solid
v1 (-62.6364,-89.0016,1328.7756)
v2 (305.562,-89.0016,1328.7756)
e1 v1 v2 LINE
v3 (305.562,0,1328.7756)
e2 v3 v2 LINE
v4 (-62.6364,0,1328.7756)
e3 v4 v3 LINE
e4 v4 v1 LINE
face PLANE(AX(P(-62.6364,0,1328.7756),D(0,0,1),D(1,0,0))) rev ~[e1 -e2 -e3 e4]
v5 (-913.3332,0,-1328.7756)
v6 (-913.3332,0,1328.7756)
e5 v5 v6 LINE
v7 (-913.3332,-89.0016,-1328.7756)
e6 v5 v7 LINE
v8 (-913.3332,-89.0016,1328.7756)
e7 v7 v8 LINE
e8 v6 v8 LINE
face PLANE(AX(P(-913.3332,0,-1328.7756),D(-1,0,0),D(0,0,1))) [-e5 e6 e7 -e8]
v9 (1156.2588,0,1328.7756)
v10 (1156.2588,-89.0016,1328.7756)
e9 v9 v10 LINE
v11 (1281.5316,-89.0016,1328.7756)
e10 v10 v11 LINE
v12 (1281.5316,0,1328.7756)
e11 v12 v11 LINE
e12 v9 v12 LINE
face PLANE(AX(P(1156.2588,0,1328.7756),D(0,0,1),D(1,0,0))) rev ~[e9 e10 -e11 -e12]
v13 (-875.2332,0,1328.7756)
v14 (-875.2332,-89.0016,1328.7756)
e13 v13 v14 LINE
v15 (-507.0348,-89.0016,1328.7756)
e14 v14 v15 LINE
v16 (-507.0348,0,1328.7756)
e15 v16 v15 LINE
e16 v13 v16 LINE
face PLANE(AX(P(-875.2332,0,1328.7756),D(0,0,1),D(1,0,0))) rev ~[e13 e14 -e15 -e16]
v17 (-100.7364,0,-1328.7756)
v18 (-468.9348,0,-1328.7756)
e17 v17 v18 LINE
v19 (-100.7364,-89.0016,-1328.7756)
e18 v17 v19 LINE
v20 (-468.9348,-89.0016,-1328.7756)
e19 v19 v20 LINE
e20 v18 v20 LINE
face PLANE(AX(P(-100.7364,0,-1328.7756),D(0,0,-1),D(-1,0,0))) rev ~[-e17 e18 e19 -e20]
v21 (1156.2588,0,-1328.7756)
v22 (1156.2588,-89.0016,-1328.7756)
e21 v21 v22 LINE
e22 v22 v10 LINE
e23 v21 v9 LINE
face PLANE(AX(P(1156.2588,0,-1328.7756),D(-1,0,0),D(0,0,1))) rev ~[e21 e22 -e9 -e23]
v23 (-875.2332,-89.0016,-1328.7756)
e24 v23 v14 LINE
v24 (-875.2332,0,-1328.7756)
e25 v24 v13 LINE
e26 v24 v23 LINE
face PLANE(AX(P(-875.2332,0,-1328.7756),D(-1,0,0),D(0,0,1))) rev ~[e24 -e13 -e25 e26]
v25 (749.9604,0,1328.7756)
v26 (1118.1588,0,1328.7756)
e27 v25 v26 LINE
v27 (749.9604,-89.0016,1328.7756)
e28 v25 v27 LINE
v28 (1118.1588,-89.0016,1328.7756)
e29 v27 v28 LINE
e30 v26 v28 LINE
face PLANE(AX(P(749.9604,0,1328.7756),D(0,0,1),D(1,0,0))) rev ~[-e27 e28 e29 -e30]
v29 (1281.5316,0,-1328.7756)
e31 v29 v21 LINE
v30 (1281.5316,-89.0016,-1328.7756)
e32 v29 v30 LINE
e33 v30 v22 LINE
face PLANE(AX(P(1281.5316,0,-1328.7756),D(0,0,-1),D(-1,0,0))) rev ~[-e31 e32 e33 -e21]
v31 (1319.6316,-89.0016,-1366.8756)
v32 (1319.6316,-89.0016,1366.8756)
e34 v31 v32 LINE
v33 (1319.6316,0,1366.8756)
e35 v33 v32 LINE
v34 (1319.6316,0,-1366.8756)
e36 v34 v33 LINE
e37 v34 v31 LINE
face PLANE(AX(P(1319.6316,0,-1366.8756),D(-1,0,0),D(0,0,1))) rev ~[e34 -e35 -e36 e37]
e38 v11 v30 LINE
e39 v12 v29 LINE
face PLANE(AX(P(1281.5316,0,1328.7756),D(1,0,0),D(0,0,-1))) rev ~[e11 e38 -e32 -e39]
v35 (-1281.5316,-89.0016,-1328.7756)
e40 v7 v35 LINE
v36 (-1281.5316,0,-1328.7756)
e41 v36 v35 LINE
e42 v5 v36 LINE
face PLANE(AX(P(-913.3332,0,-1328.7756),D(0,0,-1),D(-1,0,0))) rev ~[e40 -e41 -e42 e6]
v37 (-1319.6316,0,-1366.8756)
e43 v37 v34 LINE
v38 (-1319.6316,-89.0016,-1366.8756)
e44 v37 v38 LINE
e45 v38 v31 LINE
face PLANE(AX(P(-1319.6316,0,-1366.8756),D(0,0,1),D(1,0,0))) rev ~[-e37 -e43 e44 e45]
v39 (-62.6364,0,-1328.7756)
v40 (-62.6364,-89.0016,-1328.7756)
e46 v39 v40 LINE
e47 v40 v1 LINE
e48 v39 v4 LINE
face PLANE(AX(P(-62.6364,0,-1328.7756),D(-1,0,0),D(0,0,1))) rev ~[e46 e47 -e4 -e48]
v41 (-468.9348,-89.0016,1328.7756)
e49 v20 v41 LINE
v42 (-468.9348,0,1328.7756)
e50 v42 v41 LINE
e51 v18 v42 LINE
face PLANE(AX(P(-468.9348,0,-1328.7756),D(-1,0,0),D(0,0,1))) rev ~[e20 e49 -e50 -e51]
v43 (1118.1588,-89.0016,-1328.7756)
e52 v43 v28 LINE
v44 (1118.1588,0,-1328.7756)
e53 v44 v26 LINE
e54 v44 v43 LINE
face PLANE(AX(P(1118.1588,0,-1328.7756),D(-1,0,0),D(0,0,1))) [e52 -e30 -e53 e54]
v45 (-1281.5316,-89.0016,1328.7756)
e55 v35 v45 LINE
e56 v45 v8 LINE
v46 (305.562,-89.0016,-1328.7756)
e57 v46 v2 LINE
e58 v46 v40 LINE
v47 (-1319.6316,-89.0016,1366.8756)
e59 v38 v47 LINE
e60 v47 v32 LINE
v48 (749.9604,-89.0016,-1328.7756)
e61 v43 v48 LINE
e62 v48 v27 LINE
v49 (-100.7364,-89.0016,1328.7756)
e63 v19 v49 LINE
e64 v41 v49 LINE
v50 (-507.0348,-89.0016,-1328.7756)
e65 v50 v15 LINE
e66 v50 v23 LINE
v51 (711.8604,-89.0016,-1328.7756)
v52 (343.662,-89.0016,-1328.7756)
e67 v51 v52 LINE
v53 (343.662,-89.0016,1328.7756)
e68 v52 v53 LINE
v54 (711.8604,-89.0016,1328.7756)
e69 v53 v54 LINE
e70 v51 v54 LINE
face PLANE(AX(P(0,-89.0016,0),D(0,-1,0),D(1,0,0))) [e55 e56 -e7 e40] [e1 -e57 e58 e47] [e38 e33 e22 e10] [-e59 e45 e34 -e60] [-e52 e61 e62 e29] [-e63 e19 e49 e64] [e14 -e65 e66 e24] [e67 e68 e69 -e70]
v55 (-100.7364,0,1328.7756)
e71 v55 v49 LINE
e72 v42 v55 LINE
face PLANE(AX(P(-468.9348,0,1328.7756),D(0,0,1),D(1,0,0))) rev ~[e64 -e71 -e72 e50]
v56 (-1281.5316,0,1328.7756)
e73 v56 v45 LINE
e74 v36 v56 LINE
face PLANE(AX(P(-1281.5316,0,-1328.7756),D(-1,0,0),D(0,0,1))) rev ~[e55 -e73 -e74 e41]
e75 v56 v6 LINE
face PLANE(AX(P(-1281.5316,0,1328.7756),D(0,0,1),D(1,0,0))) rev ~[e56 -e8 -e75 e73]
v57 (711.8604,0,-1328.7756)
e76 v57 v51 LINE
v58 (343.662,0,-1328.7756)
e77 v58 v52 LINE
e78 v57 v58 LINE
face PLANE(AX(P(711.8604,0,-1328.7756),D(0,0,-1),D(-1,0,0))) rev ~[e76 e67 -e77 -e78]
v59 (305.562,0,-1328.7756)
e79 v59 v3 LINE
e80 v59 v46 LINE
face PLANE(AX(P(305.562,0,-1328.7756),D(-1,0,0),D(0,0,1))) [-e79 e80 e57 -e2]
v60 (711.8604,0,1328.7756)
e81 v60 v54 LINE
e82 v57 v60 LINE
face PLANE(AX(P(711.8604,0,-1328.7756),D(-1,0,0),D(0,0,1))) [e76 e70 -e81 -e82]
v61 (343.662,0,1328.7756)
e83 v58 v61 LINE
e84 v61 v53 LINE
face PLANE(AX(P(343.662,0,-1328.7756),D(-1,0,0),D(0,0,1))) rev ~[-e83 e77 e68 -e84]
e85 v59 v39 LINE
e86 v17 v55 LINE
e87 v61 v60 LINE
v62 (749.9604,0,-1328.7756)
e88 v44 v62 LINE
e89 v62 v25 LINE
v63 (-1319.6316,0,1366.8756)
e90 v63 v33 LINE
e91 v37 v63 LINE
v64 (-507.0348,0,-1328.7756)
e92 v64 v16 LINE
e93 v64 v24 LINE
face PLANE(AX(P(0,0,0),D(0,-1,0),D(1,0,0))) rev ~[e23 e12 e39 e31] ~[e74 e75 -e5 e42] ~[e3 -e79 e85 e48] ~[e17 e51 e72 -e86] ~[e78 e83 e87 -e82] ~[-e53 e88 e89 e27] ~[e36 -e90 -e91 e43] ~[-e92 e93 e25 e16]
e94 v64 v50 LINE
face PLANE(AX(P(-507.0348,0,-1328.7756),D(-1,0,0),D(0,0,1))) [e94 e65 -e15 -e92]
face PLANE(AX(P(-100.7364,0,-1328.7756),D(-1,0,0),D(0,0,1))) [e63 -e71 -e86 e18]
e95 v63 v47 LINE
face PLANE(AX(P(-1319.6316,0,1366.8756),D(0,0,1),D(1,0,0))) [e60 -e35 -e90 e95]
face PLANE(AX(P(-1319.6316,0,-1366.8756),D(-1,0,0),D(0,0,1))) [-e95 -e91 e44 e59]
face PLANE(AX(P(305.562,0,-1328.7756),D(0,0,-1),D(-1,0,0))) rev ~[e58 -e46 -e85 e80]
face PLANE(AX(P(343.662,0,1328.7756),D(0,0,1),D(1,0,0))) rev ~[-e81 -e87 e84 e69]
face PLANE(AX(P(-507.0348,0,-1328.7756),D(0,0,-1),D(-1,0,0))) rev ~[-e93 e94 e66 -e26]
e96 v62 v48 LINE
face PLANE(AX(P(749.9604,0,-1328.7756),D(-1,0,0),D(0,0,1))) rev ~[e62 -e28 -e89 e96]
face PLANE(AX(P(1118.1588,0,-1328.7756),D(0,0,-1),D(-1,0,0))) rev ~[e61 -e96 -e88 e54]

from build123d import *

# Parameters (mm, degrees)
F0_W     = 2639.2632
F0_H     = 2733.7512
F0_W_2   = 38.1
F0_H_2   = 2657.5512
F1_DEPTH = 89.0016


with BuildPart() as f1:
    # F0 (on Front) → F1 (new body)
    with BuildSketch(Plane.XZ):
        Rectangle(F0_W, F0_H)
        Polygon((1281.5316, 1328.7756), (1281.5316, -1328.7756), (1156.2588, -1328.7756), (1118.1588, -1328.7756), (749.9604, -1328.7756), (711.8604, -1328.7756), (343.662, -1328.7756), (305.562, -1328.7756), (-62.6364, -1328.7756), (-100.7364, -1328.7756), (-468.9348, -1328.7756), (-507.0348, -1328.7756), (-875.2332, -1328.7756), (-913.3332, -1328.7756), (-1281.5316, -1328.7756), (-1281.5316, 1328.7756), (-913.3332, 1328.7756), (-875.2332, 1328.7756), (-507.0348, 1328.7756), (-468.9348, 1328.7756), (-100.7364, 1328.7756), (-62.6364, 1328.7756), (305.562, 1328.7756), (343.662, 1328.7756), (711.8604, 1328.7756), (749.9604, 1328.7756), (1118.1588, 1328.7756), (1156.2588, 1328.7756), align=None, mode=Mode.SUBTRACT)
        with Locations((-894.2832, 0)):
            Rectangle(F0_W_2, F0_H_2)
        with Locations((-487.9848, 0)):
            Rectangle(F0_W_2, F0_H_2)
        with Locations((-81.6864, 0)):
            Rectangle(F0_W_2, F0_H_2)
        with Locations((324.612, 0)):
            Rectangle(F0_W_2, F0_H_2)
        with Locations((730.9104, 0)):
            Rectangle(F0_W_2, F0_H_2)
        with Locations((1137.2088, 0)):
            Rectangle(F0_W_2, F0_H_2)
    extrude(amount=F1_DEPTH)


solid = f1.part
